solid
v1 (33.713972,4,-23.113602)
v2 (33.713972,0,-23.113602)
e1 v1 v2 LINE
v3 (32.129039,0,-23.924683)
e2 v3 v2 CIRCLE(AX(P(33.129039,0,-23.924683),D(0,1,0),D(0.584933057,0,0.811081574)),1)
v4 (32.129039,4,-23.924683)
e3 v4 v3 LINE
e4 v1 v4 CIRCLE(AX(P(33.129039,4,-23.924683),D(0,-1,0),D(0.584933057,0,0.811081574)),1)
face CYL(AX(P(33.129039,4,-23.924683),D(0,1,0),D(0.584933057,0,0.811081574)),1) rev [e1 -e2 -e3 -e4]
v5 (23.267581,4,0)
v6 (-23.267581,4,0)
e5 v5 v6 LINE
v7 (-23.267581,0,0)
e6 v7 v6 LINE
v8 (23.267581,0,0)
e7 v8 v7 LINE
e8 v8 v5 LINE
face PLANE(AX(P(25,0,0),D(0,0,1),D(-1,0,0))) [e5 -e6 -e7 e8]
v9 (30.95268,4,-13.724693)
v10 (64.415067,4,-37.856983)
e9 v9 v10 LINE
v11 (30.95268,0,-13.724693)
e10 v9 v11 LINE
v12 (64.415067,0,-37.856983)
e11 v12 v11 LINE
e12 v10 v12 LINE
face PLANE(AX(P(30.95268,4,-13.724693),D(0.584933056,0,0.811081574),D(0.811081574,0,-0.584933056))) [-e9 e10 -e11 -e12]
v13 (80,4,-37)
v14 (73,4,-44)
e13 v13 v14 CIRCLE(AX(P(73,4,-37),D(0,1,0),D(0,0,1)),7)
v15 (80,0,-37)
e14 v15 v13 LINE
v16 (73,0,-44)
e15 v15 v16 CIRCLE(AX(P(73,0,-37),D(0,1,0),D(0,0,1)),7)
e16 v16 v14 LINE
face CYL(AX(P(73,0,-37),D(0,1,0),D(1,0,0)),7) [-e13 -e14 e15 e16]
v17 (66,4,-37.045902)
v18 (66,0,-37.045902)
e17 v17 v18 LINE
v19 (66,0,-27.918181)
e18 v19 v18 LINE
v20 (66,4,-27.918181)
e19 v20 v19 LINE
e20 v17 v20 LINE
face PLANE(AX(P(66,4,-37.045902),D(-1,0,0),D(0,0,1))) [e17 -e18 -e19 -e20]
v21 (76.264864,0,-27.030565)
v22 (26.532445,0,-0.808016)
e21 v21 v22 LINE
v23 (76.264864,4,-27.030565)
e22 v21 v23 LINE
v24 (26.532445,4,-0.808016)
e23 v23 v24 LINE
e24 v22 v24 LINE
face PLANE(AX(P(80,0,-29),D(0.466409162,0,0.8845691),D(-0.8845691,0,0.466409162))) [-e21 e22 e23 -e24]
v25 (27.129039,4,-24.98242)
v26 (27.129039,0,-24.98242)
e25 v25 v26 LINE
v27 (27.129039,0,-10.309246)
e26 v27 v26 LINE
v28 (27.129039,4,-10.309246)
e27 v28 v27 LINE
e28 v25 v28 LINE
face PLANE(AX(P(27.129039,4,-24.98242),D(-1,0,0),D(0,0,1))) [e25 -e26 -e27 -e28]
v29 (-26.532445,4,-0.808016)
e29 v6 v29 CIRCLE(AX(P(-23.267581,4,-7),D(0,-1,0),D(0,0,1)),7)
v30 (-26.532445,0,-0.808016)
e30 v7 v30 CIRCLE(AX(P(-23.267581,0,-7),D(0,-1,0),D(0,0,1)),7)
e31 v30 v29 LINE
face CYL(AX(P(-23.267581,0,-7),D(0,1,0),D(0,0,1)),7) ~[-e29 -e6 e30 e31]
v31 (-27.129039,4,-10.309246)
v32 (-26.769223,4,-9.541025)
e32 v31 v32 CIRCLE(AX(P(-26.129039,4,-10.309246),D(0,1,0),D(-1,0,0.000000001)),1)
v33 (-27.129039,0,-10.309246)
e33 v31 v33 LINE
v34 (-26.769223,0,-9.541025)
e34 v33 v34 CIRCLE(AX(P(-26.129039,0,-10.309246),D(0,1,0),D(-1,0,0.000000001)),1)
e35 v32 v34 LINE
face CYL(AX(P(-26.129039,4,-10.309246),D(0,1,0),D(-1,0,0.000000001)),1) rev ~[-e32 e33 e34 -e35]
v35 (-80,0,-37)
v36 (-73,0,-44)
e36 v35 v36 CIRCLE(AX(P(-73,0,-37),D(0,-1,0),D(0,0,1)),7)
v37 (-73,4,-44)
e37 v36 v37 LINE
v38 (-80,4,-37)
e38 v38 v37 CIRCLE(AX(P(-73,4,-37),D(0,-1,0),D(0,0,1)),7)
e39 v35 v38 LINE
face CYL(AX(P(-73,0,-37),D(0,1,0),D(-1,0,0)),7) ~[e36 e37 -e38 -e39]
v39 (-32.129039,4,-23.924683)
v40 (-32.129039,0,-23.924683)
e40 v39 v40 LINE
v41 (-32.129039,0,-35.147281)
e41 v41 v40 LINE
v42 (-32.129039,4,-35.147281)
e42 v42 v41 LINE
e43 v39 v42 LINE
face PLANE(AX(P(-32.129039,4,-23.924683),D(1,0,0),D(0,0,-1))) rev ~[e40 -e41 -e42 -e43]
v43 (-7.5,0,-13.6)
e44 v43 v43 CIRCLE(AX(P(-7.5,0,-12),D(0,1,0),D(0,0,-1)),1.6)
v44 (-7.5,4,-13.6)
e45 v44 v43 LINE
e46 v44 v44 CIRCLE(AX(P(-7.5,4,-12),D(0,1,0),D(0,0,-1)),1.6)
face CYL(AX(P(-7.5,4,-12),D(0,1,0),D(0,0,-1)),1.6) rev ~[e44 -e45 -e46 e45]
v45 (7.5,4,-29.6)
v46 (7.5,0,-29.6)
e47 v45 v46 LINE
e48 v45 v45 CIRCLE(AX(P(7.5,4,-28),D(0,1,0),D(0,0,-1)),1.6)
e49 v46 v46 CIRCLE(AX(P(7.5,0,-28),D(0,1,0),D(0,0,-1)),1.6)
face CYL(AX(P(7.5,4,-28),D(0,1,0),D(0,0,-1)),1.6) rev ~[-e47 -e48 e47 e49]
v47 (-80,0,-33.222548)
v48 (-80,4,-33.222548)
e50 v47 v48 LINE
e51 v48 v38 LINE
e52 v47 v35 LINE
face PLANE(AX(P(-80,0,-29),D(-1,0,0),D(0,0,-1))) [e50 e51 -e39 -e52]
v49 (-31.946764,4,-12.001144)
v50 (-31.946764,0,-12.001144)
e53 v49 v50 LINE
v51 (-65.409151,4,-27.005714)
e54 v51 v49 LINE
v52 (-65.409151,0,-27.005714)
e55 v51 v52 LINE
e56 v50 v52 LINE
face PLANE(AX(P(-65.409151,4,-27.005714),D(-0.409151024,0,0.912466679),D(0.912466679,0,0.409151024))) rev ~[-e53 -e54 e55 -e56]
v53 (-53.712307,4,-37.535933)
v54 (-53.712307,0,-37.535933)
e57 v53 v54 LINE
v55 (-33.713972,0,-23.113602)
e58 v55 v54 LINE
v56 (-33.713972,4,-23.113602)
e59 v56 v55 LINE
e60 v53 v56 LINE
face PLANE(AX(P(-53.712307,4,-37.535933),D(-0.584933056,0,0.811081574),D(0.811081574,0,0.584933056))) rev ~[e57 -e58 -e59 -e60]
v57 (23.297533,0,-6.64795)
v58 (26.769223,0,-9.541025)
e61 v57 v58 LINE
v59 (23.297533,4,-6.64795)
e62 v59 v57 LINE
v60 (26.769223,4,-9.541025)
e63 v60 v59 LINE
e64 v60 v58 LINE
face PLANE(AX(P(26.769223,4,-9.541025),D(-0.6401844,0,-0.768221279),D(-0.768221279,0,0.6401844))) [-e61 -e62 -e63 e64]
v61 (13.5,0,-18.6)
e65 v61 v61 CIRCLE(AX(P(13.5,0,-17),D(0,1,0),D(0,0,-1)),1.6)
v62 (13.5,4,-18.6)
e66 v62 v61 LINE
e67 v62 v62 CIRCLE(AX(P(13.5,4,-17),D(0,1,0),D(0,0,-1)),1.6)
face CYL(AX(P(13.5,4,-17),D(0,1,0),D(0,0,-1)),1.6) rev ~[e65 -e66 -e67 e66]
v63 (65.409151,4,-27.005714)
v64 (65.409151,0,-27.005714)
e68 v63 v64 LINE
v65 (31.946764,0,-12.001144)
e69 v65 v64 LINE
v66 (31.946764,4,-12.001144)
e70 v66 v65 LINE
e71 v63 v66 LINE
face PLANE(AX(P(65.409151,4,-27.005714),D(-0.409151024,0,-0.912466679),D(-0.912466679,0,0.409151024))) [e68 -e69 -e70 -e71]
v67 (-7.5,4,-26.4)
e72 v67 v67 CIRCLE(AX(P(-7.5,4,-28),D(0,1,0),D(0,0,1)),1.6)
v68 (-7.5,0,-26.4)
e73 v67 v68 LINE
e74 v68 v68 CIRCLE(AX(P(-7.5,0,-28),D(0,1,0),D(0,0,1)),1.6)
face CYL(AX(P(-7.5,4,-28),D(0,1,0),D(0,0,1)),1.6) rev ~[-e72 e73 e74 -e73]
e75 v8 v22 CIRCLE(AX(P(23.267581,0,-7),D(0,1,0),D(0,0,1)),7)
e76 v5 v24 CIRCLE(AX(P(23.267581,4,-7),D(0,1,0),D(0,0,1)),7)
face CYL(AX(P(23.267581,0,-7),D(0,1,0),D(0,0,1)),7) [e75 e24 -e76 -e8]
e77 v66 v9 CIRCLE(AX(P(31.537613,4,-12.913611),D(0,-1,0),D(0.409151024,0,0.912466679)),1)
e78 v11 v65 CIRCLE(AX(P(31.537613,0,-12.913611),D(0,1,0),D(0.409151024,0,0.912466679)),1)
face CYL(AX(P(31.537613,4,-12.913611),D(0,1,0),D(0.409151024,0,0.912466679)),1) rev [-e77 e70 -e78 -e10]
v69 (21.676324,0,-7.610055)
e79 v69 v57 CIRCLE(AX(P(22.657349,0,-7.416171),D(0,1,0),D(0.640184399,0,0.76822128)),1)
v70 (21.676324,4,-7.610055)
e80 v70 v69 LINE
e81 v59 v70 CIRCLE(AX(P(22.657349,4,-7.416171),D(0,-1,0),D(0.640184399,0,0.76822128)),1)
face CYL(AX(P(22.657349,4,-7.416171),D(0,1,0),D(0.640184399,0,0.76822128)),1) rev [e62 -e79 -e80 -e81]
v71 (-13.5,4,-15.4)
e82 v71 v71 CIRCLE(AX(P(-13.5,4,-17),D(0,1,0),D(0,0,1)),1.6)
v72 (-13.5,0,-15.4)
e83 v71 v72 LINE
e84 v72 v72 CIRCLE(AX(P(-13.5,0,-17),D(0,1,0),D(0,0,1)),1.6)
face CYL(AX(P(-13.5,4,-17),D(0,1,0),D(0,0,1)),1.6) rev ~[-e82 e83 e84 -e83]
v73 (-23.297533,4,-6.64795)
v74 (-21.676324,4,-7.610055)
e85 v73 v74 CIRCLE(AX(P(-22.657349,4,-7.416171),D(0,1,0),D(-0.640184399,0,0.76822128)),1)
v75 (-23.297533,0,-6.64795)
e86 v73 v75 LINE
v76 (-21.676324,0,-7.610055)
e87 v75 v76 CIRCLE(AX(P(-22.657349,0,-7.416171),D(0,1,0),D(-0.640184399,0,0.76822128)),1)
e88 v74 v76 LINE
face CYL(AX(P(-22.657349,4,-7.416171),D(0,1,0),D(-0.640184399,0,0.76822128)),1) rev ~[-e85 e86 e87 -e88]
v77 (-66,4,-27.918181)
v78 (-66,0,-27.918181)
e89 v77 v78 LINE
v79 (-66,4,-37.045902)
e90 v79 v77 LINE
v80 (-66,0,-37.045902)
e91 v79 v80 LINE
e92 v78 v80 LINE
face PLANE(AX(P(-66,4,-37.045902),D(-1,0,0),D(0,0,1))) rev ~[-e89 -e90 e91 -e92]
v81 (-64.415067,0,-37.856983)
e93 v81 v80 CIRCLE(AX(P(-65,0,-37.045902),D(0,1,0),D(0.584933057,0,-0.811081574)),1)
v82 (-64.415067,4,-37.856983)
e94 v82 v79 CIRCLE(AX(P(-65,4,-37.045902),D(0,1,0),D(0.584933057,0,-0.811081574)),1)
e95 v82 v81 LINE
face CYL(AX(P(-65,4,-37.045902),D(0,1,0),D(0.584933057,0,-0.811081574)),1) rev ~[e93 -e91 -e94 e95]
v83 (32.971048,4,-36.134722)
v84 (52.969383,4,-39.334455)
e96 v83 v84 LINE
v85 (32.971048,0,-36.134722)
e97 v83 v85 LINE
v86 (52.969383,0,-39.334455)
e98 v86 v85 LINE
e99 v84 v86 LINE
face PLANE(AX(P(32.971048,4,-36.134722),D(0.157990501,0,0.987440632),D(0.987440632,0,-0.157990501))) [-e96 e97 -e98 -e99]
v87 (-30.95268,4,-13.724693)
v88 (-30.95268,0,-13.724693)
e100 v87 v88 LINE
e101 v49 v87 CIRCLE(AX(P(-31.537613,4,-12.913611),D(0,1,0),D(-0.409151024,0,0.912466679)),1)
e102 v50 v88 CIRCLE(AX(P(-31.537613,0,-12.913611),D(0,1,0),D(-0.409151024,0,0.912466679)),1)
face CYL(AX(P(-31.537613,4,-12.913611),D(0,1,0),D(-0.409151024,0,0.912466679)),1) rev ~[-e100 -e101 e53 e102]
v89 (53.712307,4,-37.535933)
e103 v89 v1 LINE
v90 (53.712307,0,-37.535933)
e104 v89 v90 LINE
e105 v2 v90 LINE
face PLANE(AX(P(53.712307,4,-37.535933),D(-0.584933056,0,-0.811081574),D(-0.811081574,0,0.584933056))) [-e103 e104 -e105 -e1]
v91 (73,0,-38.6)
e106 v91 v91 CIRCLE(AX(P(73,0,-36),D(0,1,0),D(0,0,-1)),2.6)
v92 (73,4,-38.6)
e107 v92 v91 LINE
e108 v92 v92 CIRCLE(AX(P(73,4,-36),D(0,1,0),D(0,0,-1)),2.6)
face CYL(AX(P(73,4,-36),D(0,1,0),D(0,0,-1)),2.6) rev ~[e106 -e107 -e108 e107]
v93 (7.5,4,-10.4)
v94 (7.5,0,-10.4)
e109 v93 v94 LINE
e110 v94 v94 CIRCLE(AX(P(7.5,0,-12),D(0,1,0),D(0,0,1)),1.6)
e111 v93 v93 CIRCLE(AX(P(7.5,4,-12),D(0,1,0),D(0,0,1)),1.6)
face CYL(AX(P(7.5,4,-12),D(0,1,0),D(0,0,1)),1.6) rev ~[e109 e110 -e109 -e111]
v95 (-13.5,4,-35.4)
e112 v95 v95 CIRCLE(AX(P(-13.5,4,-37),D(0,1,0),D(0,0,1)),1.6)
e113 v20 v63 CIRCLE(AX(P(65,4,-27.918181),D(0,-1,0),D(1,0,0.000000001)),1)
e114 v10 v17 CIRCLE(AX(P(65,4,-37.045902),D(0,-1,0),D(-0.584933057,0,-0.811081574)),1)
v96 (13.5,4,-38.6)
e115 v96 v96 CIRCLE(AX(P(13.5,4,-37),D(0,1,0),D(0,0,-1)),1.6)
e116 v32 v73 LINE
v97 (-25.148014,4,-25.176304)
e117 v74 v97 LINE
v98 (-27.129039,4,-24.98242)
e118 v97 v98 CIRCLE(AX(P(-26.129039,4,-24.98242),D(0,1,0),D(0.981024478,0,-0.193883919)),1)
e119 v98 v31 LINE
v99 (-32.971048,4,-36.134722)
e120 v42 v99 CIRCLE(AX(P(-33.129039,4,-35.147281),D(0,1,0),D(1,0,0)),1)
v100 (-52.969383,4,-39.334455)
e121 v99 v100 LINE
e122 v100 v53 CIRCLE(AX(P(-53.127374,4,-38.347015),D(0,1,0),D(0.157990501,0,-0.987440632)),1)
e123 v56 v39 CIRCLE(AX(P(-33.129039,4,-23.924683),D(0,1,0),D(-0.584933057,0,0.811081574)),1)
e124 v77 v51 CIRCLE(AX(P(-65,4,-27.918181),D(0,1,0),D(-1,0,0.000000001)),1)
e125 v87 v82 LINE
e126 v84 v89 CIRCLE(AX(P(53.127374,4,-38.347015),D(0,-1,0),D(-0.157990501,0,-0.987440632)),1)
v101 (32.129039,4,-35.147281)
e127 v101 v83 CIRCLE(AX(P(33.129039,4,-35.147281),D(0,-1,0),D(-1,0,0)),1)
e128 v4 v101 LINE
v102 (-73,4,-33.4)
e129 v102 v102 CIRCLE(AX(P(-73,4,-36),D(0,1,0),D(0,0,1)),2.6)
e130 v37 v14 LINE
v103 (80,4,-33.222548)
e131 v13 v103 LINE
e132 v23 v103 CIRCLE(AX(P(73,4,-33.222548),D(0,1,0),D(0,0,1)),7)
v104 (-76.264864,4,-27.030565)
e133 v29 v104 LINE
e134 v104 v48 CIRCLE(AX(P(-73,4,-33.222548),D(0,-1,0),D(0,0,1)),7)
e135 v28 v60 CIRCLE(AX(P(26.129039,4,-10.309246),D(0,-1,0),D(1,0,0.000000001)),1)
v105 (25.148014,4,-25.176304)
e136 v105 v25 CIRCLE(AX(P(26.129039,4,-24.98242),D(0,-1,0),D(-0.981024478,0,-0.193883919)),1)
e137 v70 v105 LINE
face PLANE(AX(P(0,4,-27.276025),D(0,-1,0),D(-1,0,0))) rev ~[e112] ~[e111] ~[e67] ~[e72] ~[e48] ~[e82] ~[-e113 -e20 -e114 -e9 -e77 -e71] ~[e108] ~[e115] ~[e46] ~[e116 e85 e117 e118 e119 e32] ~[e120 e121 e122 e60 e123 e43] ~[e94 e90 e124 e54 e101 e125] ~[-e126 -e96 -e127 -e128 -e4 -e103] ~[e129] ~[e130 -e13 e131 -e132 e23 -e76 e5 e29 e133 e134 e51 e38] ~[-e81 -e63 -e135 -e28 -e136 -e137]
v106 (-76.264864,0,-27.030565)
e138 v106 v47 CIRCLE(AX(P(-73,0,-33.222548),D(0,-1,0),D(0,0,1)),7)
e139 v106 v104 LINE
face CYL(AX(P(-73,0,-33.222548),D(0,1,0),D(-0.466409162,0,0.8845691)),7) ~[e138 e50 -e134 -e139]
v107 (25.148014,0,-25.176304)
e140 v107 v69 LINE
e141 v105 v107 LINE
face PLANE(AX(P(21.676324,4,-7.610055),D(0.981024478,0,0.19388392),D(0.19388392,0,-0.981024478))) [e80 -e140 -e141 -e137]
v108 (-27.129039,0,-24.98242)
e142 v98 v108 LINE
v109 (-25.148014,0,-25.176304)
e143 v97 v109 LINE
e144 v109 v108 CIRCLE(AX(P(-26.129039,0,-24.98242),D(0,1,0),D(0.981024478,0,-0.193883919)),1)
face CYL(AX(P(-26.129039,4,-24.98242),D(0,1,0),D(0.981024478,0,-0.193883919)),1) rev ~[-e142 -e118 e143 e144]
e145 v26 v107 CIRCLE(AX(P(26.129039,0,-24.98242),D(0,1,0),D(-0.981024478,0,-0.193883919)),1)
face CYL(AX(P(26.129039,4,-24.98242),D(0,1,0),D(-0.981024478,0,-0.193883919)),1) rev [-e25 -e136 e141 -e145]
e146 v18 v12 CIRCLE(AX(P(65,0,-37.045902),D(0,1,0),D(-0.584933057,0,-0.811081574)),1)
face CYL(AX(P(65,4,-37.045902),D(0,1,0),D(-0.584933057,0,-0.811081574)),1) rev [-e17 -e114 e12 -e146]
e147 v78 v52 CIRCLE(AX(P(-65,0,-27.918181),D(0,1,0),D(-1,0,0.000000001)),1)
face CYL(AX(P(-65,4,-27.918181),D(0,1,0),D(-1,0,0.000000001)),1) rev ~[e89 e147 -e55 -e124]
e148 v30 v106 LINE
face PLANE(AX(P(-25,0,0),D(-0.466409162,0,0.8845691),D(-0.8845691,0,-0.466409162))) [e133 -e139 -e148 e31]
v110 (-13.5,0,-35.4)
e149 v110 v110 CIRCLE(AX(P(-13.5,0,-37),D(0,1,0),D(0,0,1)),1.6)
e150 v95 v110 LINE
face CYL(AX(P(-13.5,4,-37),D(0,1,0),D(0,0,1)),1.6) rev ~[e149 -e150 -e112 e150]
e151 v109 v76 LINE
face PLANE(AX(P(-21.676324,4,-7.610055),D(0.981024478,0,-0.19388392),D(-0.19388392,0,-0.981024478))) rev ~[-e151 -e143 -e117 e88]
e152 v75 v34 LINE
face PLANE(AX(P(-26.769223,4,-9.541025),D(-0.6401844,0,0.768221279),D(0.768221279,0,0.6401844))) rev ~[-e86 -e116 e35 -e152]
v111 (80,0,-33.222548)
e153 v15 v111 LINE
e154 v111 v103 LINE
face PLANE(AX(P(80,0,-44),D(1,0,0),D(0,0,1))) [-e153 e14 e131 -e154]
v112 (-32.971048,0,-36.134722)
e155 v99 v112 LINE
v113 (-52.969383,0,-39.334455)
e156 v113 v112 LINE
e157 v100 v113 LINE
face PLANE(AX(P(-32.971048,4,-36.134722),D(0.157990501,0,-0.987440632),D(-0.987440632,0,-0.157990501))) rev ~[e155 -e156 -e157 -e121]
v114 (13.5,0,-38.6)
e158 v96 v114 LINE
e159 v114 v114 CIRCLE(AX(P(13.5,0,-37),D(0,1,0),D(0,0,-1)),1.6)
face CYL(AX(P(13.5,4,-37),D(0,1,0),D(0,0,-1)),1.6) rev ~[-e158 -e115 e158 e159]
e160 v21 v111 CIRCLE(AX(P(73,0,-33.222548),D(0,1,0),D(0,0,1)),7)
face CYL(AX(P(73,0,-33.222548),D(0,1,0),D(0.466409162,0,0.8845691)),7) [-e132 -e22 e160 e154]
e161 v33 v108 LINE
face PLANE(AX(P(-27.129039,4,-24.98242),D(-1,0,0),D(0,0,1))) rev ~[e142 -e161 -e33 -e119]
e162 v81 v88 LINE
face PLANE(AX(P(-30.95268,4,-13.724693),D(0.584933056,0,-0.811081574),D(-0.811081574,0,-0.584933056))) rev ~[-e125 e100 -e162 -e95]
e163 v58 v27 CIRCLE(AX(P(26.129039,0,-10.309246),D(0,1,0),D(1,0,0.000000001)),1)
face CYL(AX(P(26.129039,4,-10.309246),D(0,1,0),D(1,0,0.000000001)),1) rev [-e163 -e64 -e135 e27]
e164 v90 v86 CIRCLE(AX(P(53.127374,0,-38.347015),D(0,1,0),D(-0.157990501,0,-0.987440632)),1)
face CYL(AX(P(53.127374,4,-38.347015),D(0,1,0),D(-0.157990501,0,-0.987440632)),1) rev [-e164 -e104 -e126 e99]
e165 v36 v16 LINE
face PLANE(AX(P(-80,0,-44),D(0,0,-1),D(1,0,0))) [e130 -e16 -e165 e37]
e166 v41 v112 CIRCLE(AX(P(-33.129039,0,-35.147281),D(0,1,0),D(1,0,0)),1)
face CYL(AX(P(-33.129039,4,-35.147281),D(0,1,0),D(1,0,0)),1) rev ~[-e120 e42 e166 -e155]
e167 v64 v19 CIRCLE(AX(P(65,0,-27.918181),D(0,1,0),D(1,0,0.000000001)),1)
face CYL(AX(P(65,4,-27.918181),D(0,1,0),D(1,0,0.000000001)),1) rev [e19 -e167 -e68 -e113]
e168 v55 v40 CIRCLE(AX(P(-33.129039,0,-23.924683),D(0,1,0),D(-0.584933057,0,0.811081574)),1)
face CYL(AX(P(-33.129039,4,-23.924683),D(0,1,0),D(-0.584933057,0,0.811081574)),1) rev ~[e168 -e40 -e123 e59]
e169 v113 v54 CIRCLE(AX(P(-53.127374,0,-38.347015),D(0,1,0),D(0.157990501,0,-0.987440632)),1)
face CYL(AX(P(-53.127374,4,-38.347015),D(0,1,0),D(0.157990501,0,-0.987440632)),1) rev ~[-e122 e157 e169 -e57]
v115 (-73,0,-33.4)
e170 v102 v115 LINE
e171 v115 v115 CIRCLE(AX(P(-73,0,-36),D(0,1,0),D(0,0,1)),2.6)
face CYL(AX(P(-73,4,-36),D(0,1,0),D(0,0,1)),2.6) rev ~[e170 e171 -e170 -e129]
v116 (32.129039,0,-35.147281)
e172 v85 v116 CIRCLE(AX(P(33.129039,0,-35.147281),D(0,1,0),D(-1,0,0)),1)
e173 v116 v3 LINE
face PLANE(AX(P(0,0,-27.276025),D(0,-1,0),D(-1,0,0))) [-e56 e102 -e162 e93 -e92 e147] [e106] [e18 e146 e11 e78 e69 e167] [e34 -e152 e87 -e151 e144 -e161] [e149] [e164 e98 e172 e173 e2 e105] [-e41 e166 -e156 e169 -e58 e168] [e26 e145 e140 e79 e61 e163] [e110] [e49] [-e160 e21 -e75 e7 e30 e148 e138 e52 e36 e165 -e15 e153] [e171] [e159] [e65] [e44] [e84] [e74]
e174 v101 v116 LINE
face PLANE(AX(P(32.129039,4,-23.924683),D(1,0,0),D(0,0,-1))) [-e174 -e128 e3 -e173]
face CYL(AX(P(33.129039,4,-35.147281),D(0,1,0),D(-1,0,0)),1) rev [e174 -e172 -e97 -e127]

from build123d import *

# Parameters (mm, degrees)
EXTRUDE_1_DEPTH     = 4
SKETCH_2_R          = 1.6
CUT_EXTRUDE_1_DEPTH = 92.38927727
SKETCH_3_R          = 2.6
SKETCH_3_R_2        = 1.6
CUT_EXTRUDE_2_DEPTH = 92.38927727
FILLET_1_R          = 7


with BuildPart() as part:
    # 草图1 → 凸台-拉伸1 (new body)
    with BuildSketch(Plane(origin=(0, 0, 0), x_dir=(1, 0, 0), z_dir=(0, 1, 0))):
        Polygon((25, 0), (-25, 0), (-80, 29), (-80, 44), (80, 44), (80, 29), align=None)
    extrude(amount=EXTRUDE_1_DEPTH)

    # 草图2 → 切除-拉伸1 (cut, through all)
    with BuildSketch(Plane(origin=(0, 4, 0), x_dir=(1, 0, 0), z_dir=(0, 1, 0))):
        with Locations(Location((-7.5, 28, 0), (0, 0, 270))):
            Circle(SKETCH_2_R)
        with Locations(Location((7.5, 28, 0), (0, 0, 90))):
            Circle(SKETCH_2_R)
        with Locations(Location((-7.5, 12, 0), (0, 0, 90))):
            Circle(SKETCH_2_R)
        with Locations(Location((7.5, 12, 0), (0, 0, 270))):
            Circle(SKETCH_2_R)
    extrude(amount=-CUT_EXTRUDE_1_DEPTH, mode=Mode.SUBTRACT)

    # 草图3 → 切除-拉伸2 (cut, through all)
    with BuildSketch(Plane(origin=(0, 4, 0), x_dir=(1, 0, 0), z_dir=(0, 1, 0))):
        with Locations(Location((-73, 36, 0), (0, 0, 270))):
            Circle(SKETCH_3_R)
        with Locations(Location((73, 36, 0), (0, 0, 90))):
            Circle(SKETCH_3_R)
        with Locations(Location((-13.5, 17, 0), (0, 0, 270))):
            Circle(SKETCH_3_R_2)
        with Locations(Location((-13.5, 37, 0), (0, 0, 270))):
            Circle(SKETCH_3_R_2)
        with Locations(Location((13.5, 17, 0), (0, 0, 90))):
            Circle(SKETCH_3_R_2)
        with Locations(Location((13.5, 37, 0), (0, 0, 90))):
            Circle(SKETCH_3_R_2)
        with BuildLine():
            Line((-66, 37.045901786), (-66, 27.918180848))
            ThreePointArc((-66, 27.918180848), (-65.839389964, 27.374651191), (-65.409151024, 27.005714169))
            Line((-65.409151024, 27.005714169), (-31.946763962, 12.00114442))
            ThreePointArc((-31.946763962, 12.00114442), (-30.671368472, 12.413990718), (-30.952679882, 13.724692673))
            Line((-30.952679882, 13.724692673), (-64.415066944, 37.85698336))
            ThreePointArc((-64.415066944, 37.85698336), (-65.455558418, 37.936107677), (-66, 37.045901786))
        make_face()
        with BuildLine():
            Line((-53.712306987, 37.53593293), (-33.713971886, 23.113601522))
            ThreePointArc((-33.713971886, 23.113601522), (-32.673480412, 23.034477205), (-32.12903883, 23.924683096))
            Line((-32.12903883, 23.924683096), (-32.12903883, 35.147280888))
            ThreePointArc((-32.12903883, 35.147280888), (-32.368121456, 35.796129676), (-32.971048329, 36.13472152))
            Line((-32.971048329, 36.13472152), (-52.96938343, 39.334455136))
            ThreePointArc((-52.96938343, 39.334455136), (-54.051625259, 38.728799106), (-53.712306987, 37.53593293))
        make_face()
        with BuildLine():
            Line((-21.676324022, 7.610054966), (-25.148014353, 25.176303846))
            ThreePointArc((-25.148014353, 25.176303846), (-26.22644397, 25.97766474), (-27.12903883, 24.982419926))
            Line((-27.12903883, 24.982419926), (-27.12903883, 10.309246321))
            ThreePointArc((-27.12903883, 10.309246321), (-27.034628251, 9.885090925), (-26.76922323, 9.541025042))
            Line((-26.76922323, 9.541025042), (-23.2975329, 6.647949766))
            ThreePointArc((-23.2975329, 6.647949766), (-22.147000978, 6.556202787), (-21.676324022, 7.610054966))
        make_face()
        with BuildLine():
            Line((26.76922323, 9.541025042), (23.2975329, 6.647949766))
            ThreePointArc((23.2975329, 6.647949766), (22.147000978, 6.556202787), (21.676324022, 7.610054966))
            Line((21.676324022, 7.610054966), (25.148014353, 25.176303846))
            ThreePointArc((25.148014353, 25.176303846), (26.22644397, 25.97766474), (27.12903883, 24.982419926))
            Line((27.12903883, 24.982419926), (27.12903883, 10.309246321))
            ThreePointArc((27.12903883, 10.309246321), (27.034628251, 9.885090925), (26.76922323, 9.541025042))
        make_face()
        with BuildLine():
            Line((32.971048329, 36.13472152), (52.96938343, 39.334455136))
            ThreePointArc((52.96938343, 39.334455136), (54.051625259, 38.728799106), (53.712306987, 37.53593293))
            Line((53.712306987, 37.53593293), (33.713971886, 23.113601522))
            ThreePointArc((33.713971886, 23.113601522), (32.673480412, 23.034477205), (32.12903883, 23.924683096))
            Line((32.12903883, 23.924683096), (32.12903883, 35.147280888))
            ThreePointArc((32.12903883, 35.147280888), (32.368121456, 35.796129676), (32.971048329, 36.13472152))
        make_face()
        with BuildLine():
            Line((30.952679882, 13.724692673), (64.415066944, 37.85698336))
            ThreePointArc((64.415066944, 37.85698336), (65.455558418, 37.936107677), (66, 37.045901786))
            Line((66, 37.045901786), (66, 27.918180848))
            ThreePointArc((66, 27.918180848), (65.839389964, 27.374651191), (65.409151024, 27.005714169))
            Line((65.409151024, 27.005714169), (31.946763962, 12.00114442))
            ThreePointArc((31.946763962, 12.00114442), (30.671368472, 12.413990718), (30.952679882, 13.724692673))
        make_face()
    extrude(amount=-CUT_EXTRUDE_2_DEPTH, mode=Mode.SUBTRACT)

    # 圆角1
    fillet_1_edges = [part.edges().sort_by_distance(p)[0] for p in [
        (-80, 2, -29),
        (-80, 2, -44),
        (80, 2, -44),
        (80, 2, -29),
        (25, 2, 0),
        (-25, 2, 0),
    ]]
    fillet(fillet_1_edges, radius=FILLET_1_R)


solid = part.part
